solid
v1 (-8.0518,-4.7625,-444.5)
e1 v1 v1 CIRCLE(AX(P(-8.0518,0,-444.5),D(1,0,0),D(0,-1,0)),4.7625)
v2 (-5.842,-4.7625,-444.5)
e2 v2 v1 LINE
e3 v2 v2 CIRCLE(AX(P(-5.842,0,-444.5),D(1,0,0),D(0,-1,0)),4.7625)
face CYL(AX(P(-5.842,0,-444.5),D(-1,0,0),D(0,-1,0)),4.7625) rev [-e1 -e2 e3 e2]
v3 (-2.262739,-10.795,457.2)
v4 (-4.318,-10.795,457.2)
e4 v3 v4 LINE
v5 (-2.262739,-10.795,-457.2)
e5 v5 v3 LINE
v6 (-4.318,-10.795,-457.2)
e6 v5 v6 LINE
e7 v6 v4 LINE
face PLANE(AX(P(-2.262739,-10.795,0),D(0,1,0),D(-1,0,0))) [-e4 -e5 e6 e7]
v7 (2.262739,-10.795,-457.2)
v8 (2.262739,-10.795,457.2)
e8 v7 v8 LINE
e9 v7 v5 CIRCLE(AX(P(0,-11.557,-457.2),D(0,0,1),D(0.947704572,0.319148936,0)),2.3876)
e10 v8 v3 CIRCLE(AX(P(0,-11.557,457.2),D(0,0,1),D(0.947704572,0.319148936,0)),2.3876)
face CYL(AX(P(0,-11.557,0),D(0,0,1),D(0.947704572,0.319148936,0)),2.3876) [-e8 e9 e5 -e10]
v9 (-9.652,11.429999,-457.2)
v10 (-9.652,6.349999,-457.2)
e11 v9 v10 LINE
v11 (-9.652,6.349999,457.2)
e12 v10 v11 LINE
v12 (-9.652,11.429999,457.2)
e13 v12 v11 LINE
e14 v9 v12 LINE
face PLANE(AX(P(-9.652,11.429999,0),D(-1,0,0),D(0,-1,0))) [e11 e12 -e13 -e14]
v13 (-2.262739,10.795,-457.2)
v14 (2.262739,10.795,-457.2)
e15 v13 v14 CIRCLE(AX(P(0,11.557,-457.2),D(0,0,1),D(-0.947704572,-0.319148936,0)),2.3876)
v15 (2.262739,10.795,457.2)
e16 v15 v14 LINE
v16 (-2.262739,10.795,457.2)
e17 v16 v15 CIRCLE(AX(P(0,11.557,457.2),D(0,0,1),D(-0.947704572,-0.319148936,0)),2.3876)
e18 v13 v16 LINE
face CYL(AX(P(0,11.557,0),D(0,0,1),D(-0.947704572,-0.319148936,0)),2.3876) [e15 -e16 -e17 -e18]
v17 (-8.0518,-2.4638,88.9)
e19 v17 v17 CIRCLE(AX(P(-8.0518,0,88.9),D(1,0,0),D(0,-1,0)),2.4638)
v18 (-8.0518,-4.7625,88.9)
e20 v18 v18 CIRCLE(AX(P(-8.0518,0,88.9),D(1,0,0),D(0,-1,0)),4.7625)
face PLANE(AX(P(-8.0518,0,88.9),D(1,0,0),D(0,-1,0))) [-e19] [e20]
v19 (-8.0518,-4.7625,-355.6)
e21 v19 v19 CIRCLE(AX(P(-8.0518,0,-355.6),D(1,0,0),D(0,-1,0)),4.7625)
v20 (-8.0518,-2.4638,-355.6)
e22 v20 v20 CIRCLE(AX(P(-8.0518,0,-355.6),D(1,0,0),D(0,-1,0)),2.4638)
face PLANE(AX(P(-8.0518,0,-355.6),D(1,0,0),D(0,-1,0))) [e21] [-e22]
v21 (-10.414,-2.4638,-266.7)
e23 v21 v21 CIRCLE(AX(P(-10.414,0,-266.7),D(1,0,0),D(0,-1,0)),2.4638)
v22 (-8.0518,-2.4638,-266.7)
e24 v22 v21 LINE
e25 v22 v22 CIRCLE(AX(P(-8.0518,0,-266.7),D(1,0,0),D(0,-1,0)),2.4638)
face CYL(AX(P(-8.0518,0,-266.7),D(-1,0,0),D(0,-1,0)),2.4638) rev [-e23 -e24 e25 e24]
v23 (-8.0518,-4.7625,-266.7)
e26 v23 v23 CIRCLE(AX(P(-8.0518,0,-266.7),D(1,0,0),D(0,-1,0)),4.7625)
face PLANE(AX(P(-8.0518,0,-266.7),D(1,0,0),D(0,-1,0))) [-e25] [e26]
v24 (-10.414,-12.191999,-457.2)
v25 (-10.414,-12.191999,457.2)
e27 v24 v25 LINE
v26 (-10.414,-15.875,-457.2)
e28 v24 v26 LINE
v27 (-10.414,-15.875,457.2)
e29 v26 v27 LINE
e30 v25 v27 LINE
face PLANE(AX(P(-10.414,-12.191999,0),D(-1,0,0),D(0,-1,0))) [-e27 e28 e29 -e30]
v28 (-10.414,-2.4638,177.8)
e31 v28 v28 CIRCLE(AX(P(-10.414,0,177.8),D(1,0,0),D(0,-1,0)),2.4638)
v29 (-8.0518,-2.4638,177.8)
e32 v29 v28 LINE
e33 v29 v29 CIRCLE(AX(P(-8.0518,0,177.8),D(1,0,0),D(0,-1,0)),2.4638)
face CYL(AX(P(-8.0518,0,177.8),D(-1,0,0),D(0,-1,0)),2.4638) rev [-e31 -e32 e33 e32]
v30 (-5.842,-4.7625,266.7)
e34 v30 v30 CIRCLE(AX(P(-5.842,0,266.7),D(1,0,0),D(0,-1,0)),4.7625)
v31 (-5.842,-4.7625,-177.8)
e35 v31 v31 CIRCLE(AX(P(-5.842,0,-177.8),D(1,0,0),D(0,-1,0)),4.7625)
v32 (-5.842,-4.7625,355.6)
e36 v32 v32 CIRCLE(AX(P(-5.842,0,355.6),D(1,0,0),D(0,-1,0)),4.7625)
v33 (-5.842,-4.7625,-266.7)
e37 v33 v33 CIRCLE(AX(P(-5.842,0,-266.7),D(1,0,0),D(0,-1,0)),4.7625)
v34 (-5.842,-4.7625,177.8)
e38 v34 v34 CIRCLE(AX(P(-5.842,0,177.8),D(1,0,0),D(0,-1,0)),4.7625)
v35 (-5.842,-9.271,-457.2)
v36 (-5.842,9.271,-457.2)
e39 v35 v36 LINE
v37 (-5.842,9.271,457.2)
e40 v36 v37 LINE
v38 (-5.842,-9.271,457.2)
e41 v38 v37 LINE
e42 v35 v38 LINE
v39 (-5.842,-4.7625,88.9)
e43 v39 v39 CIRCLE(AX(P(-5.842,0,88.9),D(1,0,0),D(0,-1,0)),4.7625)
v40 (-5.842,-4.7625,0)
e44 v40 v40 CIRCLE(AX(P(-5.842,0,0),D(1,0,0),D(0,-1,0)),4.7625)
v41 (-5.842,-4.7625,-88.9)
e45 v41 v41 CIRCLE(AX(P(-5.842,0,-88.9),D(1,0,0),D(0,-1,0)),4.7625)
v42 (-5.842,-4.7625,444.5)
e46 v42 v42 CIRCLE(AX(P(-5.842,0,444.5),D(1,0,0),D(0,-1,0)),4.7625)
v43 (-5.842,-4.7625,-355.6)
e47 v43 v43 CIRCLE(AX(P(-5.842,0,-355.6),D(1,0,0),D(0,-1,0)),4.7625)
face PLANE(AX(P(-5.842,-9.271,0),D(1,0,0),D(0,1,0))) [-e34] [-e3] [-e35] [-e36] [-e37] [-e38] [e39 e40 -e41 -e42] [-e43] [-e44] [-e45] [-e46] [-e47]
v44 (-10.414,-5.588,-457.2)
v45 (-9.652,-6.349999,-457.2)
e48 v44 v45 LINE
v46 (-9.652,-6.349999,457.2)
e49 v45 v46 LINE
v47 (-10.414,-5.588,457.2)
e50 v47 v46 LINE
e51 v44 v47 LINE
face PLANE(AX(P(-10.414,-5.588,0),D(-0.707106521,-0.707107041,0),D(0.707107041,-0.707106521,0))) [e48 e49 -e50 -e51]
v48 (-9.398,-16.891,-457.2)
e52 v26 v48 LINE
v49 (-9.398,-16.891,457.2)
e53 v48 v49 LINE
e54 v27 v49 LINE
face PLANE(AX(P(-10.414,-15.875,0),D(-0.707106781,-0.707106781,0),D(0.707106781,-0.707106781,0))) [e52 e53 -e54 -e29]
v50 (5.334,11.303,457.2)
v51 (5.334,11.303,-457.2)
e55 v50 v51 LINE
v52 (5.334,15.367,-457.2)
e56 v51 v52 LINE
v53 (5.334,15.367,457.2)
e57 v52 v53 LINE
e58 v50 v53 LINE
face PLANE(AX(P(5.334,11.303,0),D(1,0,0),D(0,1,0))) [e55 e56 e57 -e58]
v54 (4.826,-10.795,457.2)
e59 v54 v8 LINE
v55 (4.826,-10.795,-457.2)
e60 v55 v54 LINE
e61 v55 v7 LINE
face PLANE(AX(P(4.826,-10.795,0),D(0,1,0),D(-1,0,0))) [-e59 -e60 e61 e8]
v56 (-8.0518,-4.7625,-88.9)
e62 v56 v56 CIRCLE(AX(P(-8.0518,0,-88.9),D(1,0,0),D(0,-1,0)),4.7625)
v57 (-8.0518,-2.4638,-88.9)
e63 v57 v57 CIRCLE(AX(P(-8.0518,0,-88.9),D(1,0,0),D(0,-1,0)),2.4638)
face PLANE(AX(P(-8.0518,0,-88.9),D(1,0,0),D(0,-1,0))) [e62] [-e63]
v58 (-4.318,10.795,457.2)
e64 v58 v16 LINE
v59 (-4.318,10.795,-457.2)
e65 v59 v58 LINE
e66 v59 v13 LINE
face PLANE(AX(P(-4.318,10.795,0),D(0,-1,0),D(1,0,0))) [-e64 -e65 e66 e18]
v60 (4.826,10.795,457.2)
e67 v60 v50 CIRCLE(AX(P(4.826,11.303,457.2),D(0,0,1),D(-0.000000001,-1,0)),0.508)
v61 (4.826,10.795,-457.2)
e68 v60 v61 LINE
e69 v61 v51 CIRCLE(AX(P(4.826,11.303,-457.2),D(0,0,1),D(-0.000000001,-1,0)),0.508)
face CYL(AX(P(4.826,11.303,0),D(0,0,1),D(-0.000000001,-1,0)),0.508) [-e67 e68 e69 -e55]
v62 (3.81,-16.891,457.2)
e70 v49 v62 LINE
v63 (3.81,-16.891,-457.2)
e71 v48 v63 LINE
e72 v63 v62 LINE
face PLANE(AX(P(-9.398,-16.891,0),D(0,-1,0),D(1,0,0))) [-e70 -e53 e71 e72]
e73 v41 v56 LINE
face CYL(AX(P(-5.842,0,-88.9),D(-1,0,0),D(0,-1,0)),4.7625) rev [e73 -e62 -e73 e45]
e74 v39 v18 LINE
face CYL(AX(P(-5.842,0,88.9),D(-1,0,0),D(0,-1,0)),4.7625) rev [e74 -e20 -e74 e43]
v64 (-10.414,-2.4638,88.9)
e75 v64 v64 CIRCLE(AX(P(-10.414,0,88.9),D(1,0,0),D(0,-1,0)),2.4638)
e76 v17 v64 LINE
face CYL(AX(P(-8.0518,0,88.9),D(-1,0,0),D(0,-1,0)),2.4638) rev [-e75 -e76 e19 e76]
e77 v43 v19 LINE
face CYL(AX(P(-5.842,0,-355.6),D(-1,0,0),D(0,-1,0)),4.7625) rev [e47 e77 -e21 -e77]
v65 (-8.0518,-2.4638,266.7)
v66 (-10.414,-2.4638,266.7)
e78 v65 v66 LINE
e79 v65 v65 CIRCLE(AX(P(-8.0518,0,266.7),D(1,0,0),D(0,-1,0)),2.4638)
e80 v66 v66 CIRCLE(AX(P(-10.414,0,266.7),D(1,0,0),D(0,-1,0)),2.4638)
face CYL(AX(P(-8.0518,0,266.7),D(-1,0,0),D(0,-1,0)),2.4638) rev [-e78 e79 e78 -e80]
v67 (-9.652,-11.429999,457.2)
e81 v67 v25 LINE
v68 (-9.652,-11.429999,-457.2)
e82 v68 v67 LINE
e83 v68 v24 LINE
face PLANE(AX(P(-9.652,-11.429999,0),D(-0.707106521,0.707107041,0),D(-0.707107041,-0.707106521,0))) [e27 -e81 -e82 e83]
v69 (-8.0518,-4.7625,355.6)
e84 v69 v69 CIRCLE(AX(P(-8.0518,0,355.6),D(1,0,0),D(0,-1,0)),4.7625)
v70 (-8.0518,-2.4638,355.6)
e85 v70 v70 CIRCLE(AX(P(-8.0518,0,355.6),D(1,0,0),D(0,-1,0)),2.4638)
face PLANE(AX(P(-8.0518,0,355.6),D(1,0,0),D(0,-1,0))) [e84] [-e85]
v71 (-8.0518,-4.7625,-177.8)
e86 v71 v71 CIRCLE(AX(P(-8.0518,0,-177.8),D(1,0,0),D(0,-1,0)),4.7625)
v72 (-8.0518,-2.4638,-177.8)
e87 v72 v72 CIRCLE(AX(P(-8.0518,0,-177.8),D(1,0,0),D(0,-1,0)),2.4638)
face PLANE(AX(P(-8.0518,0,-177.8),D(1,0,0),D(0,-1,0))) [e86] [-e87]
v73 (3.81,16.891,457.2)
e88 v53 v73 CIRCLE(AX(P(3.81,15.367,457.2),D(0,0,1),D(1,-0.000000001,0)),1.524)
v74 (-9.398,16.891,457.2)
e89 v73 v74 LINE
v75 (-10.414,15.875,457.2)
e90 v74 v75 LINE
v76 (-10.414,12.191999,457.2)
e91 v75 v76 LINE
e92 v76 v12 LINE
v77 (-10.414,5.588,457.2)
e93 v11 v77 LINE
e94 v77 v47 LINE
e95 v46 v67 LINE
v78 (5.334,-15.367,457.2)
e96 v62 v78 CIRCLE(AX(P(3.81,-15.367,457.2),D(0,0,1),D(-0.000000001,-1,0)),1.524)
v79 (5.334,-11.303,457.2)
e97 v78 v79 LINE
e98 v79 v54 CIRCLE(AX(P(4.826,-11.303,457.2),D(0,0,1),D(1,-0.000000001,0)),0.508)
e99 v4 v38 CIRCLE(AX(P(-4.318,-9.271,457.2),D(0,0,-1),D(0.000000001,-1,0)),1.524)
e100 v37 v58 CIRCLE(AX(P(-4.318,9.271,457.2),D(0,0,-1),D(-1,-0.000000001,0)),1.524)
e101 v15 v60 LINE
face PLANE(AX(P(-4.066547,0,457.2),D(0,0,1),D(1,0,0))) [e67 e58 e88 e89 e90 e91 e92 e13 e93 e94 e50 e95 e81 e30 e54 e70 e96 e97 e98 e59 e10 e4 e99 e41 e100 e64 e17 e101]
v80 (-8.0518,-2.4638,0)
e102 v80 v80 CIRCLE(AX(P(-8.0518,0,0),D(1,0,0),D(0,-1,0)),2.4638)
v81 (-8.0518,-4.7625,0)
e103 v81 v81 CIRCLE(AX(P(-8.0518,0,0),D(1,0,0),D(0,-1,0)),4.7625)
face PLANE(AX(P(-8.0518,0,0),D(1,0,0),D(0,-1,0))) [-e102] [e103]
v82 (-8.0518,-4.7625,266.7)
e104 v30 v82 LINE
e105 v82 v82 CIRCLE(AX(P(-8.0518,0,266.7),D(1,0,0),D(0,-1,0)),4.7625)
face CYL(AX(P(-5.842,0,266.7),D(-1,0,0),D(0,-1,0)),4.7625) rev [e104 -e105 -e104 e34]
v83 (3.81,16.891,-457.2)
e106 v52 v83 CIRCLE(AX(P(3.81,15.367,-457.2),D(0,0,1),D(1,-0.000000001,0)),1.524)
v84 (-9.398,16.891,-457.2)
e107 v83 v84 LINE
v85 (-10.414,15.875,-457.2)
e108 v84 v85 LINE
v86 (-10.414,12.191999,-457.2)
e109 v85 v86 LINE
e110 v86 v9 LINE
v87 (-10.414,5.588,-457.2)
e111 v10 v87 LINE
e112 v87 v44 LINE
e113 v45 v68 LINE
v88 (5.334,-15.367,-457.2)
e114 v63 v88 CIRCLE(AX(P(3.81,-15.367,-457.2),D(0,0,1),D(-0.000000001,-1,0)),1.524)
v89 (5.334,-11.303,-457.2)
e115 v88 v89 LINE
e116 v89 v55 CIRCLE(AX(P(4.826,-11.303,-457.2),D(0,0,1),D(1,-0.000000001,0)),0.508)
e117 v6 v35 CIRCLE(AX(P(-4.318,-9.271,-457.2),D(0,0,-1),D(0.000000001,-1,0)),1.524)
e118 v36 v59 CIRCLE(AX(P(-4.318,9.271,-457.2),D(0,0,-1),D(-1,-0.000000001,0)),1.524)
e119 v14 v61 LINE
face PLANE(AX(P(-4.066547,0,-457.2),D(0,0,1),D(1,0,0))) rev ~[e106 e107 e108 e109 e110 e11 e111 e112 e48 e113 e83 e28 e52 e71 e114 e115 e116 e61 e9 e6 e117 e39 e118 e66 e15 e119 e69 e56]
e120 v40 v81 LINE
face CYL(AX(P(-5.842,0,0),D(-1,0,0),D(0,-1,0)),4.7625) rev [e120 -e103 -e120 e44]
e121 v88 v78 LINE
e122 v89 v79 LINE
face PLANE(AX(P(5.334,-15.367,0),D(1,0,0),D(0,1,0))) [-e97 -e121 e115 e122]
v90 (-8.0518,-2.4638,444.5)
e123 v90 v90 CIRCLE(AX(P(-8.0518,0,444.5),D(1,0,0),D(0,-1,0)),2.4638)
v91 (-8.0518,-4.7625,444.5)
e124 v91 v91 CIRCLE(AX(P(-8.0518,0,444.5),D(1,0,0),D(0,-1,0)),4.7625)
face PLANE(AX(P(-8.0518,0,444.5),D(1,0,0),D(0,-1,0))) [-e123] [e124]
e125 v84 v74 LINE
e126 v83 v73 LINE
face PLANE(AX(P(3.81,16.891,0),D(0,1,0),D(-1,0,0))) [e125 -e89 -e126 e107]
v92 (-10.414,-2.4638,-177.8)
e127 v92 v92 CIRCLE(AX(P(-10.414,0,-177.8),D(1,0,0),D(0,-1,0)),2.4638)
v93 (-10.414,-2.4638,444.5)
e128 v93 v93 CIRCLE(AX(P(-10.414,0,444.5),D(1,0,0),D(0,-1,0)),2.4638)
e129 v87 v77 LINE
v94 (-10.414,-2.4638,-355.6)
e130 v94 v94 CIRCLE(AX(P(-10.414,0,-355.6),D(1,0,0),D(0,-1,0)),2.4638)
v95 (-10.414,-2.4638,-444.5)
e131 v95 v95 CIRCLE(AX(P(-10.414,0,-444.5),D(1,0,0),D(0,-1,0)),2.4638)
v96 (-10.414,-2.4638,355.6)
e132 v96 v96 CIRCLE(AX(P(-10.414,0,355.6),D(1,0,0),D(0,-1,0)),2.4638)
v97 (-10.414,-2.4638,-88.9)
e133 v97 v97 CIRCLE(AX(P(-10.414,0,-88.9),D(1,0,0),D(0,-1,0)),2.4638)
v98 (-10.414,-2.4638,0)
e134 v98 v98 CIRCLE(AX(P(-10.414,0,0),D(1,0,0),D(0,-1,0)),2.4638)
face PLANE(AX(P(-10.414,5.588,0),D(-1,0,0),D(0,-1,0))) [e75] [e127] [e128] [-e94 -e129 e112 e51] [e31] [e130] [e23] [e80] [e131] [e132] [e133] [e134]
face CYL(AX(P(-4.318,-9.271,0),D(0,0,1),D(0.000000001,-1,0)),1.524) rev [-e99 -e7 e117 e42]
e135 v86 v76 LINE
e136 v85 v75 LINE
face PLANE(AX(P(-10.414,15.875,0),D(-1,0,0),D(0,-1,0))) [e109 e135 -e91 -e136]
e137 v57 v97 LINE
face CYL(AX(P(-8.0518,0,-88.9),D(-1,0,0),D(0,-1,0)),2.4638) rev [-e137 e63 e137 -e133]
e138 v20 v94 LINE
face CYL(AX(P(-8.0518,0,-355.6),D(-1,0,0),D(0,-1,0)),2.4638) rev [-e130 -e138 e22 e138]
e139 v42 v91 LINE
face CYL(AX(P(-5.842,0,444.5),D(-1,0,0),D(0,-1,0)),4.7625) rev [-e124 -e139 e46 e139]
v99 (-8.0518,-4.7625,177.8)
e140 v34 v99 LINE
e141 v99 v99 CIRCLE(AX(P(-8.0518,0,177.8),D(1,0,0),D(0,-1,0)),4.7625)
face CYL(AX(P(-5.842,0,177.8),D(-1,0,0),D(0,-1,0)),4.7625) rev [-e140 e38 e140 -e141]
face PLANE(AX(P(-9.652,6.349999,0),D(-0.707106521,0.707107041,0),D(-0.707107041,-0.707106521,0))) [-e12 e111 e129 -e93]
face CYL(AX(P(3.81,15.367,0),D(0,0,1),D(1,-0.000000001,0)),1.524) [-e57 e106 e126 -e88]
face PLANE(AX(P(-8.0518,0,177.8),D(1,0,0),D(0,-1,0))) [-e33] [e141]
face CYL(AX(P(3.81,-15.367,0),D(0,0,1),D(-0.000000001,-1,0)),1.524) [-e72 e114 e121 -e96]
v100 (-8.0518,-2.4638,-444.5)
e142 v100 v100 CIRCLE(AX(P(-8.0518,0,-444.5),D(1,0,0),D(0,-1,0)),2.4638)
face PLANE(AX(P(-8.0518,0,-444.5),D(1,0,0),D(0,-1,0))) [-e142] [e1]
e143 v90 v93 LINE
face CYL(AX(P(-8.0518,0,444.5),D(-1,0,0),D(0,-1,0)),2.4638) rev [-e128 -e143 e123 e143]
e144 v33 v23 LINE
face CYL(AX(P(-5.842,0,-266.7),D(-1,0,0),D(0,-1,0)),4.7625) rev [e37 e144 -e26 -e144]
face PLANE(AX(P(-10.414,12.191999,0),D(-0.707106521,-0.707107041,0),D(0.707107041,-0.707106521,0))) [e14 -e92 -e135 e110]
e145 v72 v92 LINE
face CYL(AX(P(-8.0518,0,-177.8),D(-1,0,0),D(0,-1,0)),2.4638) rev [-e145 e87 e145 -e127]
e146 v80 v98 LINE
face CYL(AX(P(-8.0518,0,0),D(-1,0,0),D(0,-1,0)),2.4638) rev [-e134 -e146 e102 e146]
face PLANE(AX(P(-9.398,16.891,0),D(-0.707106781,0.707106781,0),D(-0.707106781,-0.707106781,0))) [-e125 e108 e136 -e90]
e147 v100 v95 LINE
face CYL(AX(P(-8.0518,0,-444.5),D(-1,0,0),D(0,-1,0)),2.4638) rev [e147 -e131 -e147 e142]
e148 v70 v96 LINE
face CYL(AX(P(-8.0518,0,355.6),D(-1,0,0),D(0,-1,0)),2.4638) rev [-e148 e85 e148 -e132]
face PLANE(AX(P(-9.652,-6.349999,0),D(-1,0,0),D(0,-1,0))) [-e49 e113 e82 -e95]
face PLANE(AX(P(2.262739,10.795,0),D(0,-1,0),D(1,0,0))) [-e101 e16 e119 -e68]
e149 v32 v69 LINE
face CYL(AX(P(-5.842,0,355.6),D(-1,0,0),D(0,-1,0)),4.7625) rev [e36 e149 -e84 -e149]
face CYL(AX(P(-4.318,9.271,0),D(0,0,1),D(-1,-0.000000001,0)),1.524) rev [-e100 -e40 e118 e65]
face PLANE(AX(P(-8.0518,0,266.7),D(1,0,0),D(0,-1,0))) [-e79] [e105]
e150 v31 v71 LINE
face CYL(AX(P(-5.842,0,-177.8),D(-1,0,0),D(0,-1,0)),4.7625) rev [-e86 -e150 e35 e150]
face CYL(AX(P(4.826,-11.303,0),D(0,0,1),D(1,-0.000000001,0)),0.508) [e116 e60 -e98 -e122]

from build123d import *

# Parameters (mm, degrees)
BOSS_EXTRUDE1_DEPTH = 457.2
LPATTERN1_COUNT     = 11
LPATTERN1_PITCH     = 88.9


with BuildPart() as part:
    # Sketch1 → Boss-Extrude1 (new, symmetric)
    with BuildSketch(Plane.XY):
        with BuildLine():
            Line((5.334, 11.303), (5.334, 15.367))
            ThreePointArc((5.334, 15.367), (4.887630735, 16.444630735), (3.81, 16.891))
            Line((3.81, 16.891), (-9.398, 16.891))
            Line((-9.398, 16.891), (-10.414, 15.875))
            Line((-10.414, 15.875), (-10.414, 12.191998878))
            Line((-10.414, 12.191998878), (-9.652, 11.429999439))
            Line((-9.652, 11.429999439), (-9.652, 6.349999439))
            Line((-9.652, 6.349999439), (-10.414, 5.588))
            Line((-10.414, 5.588), (-10.414, -5.588))
            Line((-10.414, -5.588), (-9.652, -6.349999439))
            Line((-9.652, -6.349999439), (-9.652, -11.429999439))
            Line((-9.652, -11.429999439), (-10.414, -12.191998878))
            Line((-10.414, -12.191998878), (-10.414, -15.875))
            Line((-10.414, -15.875), (-9.398, -16.891))
            Line((-9.398, -16.891), (3.81, -16.891))
            ThreePointArc((3.81, -16.891), (4.887630735, -16.444630735), (5.334, -15.367))
            Line((5.334, -15.367), (5.334, -11.303))
            ThreePointArc((5.334, -11.303), (5.185210245, -10.943789755), (4.826, -10.795))
            Line((4.826, -10.795), (2.262739437, -10.795))
            ThreePointArc((2.262739437, -10.795), (0, -9.1694), (-2.262739437, -10.795))
            Line((-2.262739437, -10.795), (-4.318, -10.795))
            ThreePointArc((-4.318, -10.795), (-5.395630735, -10.348630735), (-5.842, -9.271))
            Line((-5.842, -9.271), (-5.842, 9.271))
            ThreePointArc((-5.842, 9.271), (-5.395630735, 10.348630735), (-4.318, 10.795))
            Line((-4.318, 10.795), (-2.262739437, 10.795))
            ThreePointArc((-2.262739437, 10.795), (0, 9.1694), (2.262739437, 10.795))
            Line((2.262739437, 10.795), (4.826, 10.795))
            ThreePointArc((4.826, 10.795), (5.185210245, 10.943789755), (5.334, 11.303))
        make_face()
    extrude(amount=BOSS_EXTRUDE1_DEPTH, both=True)

    # Sketch3 → Cut-Revolve1 (revolve, cut)
    with BuildSketch(Plane.XY.offset(444.5), mode=Mode.PRIVATE) as cut_revolve1_sk:
        Polygon((-5.842, 4.7625), (-8.0518, 4.7625), (-8.0518, 2.4638), (-10.414, 2.4638), (-10.414, 0), (-5.842, 0), align=None)
    cut_revolve1 = revolve(cut_revolve1_sk.sketch.rotate(Axis((-10.414, 0, 444.5), (1, 0, 0)), 180), axis=Axis((-10.414, 0, 444.5), (1, 0, 0)), mode=Mode.SUBTRACT)

    # LPattern1: Cut-Revolve1 ×11
    with Locations(*[(0, 0, -i * LPATTERN1_PITCH) for i in range(1, LPATTERN1_COUNT)]):
        add(cut_revolve1, mode=Mode.SUBTRACT)


solid = part.part
